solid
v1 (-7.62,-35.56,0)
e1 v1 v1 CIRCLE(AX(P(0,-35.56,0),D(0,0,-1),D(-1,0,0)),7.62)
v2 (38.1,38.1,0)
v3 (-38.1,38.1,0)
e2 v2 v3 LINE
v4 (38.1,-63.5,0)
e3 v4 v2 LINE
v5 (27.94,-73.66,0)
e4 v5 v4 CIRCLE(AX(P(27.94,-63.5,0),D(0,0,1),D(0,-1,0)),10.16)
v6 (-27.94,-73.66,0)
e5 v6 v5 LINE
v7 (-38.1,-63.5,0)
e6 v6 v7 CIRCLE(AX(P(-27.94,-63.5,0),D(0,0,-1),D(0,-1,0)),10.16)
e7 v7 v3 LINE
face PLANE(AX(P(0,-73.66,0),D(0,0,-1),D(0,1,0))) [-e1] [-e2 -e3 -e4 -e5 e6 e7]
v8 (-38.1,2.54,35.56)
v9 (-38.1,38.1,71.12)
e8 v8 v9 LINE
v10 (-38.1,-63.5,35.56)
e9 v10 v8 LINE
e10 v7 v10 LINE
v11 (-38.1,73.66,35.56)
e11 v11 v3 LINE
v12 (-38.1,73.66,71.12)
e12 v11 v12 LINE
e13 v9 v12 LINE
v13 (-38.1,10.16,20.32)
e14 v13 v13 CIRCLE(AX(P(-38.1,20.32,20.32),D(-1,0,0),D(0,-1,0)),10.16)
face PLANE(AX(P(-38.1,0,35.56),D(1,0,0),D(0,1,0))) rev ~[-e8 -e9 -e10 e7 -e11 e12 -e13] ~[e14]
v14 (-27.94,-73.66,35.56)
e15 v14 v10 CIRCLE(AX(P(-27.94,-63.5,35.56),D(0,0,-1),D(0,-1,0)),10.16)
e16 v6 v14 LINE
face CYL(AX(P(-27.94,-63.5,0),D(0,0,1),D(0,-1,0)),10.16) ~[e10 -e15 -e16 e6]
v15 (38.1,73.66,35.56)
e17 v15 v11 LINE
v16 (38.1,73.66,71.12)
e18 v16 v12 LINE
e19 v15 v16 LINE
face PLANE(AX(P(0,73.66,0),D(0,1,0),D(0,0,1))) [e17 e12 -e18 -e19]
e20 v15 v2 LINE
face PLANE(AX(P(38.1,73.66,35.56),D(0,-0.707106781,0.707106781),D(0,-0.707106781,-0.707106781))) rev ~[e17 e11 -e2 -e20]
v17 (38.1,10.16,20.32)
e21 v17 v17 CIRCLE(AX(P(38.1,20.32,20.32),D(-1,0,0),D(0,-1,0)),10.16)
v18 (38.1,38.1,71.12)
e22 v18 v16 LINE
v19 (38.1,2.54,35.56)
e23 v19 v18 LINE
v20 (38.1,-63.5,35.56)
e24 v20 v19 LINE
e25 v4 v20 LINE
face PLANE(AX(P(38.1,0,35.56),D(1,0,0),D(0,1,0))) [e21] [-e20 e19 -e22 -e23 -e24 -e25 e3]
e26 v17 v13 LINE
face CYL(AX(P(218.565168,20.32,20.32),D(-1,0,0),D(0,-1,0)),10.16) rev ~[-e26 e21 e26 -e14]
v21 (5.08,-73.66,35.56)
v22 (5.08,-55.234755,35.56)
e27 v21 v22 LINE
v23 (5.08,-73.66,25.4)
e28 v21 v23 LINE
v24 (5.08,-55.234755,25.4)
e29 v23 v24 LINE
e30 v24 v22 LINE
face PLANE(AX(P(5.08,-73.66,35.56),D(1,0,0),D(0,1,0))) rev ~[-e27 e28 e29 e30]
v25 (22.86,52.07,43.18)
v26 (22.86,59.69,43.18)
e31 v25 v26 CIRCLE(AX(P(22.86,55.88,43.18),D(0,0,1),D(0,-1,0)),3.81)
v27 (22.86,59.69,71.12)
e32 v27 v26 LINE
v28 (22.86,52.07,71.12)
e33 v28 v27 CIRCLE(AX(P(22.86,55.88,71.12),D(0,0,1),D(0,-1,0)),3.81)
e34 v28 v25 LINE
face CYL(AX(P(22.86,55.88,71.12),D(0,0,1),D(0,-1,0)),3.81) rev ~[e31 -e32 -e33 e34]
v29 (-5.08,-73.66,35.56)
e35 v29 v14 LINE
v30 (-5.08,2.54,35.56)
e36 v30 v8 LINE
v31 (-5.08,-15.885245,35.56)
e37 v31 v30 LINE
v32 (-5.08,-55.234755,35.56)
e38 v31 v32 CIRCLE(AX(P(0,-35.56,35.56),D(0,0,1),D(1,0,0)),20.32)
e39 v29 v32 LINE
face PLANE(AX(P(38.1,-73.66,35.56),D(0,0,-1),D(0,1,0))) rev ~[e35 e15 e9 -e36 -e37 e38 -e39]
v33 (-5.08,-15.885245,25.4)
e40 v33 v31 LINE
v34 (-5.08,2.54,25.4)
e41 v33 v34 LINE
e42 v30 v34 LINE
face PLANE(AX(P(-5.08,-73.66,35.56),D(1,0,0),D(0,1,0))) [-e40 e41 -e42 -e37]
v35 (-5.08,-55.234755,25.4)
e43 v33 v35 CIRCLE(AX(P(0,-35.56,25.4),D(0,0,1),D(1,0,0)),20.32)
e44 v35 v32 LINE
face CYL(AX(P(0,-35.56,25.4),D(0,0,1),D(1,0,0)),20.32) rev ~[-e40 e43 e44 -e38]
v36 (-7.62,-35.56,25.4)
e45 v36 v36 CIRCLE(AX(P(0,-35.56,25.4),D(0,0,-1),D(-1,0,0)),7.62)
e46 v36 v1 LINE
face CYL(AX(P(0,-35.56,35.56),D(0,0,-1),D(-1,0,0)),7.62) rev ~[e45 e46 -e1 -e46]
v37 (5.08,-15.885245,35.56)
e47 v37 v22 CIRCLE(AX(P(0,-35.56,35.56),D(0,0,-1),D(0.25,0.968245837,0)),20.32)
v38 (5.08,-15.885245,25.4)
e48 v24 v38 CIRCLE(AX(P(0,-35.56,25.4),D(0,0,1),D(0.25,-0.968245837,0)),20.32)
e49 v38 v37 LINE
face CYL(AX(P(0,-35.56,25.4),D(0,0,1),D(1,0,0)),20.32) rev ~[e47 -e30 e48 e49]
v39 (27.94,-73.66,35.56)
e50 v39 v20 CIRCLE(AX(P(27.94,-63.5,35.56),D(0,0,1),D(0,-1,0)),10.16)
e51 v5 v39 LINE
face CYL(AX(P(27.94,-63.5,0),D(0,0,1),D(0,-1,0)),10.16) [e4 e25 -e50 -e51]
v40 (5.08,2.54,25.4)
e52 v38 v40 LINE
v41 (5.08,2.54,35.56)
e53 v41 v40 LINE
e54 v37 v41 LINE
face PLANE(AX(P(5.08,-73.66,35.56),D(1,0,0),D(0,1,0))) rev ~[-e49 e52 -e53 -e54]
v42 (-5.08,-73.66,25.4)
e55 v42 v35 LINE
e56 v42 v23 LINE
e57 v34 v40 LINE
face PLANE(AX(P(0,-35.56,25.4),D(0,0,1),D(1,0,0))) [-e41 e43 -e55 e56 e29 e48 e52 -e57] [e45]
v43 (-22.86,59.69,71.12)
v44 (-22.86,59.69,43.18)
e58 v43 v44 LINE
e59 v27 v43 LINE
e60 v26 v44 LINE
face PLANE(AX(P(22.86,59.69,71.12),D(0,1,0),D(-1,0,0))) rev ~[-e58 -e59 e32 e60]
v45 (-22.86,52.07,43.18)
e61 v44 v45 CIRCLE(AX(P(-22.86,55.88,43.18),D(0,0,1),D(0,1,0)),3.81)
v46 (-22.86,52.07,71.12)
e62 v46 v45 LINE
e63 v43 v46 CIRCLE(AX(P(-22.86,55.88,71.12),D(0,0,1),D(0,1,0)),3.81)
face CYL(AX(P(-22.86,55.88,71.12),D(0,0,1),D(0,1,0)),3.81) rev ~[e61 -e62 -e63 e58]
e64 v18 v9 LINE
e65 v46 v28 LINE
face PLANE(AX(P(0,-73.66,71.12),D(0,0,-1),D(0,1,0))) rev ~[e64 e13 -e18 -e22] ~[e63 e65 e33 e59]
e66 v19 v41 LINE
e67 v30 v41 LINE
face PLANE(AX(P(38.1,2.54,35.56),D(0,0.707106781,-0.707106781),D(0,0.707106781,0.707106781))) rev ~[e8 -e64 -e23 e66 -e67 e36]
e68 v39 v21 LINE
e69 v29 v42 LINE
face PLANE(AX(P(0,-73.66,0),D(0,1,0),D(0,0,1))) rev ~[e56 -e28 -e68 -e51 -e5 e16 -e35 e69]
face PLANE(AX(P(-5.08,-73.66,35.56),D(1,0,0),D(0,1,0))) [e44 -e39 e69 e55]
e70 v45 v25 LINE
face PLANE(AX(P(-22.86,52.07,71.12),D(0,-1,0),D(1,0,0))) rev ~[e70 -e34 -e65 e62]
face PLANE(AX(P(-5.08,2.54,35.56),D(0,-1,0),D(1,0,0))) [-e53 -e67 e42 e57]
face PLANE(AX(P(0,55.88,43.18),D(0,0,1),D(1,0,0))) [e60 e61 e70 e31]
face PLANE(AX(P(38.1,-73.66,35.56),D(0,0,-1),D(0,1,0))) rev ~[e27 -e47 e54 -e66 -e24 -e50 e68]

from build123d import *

# Parameters (mm, degrees)
F0_W           = 147.32
F0_H           = 71.12
F1_DEPTH       = 38.1
F3_DEPTH       = 76.201
F5_DEPTH       = 27.94
F6_R           = 10.16
F8_D           = 15.24
F8_CBORE_D     = 40.64
F8_CBORE_DEPTH = 10.16
F9_W           = 10.16
F9_H           = 76.2
F10_DEPTH      = 10.16
F12_D          = 20.32


with BuildPart() as f1:
    # F0 (on Right) → F1 (new body, symmetric)
    with BuildSketch(Plane.YZ):
        with Locations((0, 35.56)):
            Rectangle(F0_W, F0_H)
    extrude(amount=F1_DEPTH, both=True)

    # F2 (on face) → F3 (cut, through all)
    with BuildSketch(Plane.YZ.offset(38.1)):
        Polygon((2.54, 35.56), (38.1, 71.12), (-73.66, 71.12), (-73.66, 35.56), align=None)
        Polygon((73.66, 0), (73.66, 35.56), (38.1, 0), align=None)
    extrude(amount=-F3_DEPTH, mode=Mode.SUBTRACT)

    # F4 (on face) → F5 (cut)
    with BuildSketch(Plane.XY.offset(71.12)):
        with BuildLine():
            ThreePointArc((-22.86, 59.69), (-26.67, 55.88), (-22.86, 52.07))
            Line((-22.86, 52.07), (22.86, 52.07))
            ThreePointArc((22.86, 52.07), (26.67, 55.88), (22.86, 59.69))
            Line((22.86, 59.69), (-22.86, 59.69))
        make_face()
    extrude(amount=-F5_DEPTH, mode=Mode.SUBTRACT)

    # F6
    f6_edges = [f1.edges().sort_by_distance(p)[0] for p in [
        (38.1, -73.66, 17.78),
        (-38.1, -73.66, 17.78),
    ]]
    fillet(f6_edges, radius=F6_R)

    # F8 (through all)
    with Locations(Plane.XY.offset(35.56)):
        with Locations((0, -35.56)):
            CounterBoreHole(F8_D / 2, F8_CBORE_D / 2, F8_CBORE_DEPTH)

    # F9 (on face) → F10 (cut)
    with BuildSketch(Plane.XY.offset(35.56)):
        with Locations((0, -35.56)):
            Rectangle(F9_W, F9_H)
    extrude(amount=-F10_DEPTH, mode=Mode.SUBTRACT)

    # F12 (through all)
    with Locations(Plane.YZ.offset(38.1)):
        with Locations((20.32, 20.32)):
            Hole(F12_D / 2)


solid = f1.part
